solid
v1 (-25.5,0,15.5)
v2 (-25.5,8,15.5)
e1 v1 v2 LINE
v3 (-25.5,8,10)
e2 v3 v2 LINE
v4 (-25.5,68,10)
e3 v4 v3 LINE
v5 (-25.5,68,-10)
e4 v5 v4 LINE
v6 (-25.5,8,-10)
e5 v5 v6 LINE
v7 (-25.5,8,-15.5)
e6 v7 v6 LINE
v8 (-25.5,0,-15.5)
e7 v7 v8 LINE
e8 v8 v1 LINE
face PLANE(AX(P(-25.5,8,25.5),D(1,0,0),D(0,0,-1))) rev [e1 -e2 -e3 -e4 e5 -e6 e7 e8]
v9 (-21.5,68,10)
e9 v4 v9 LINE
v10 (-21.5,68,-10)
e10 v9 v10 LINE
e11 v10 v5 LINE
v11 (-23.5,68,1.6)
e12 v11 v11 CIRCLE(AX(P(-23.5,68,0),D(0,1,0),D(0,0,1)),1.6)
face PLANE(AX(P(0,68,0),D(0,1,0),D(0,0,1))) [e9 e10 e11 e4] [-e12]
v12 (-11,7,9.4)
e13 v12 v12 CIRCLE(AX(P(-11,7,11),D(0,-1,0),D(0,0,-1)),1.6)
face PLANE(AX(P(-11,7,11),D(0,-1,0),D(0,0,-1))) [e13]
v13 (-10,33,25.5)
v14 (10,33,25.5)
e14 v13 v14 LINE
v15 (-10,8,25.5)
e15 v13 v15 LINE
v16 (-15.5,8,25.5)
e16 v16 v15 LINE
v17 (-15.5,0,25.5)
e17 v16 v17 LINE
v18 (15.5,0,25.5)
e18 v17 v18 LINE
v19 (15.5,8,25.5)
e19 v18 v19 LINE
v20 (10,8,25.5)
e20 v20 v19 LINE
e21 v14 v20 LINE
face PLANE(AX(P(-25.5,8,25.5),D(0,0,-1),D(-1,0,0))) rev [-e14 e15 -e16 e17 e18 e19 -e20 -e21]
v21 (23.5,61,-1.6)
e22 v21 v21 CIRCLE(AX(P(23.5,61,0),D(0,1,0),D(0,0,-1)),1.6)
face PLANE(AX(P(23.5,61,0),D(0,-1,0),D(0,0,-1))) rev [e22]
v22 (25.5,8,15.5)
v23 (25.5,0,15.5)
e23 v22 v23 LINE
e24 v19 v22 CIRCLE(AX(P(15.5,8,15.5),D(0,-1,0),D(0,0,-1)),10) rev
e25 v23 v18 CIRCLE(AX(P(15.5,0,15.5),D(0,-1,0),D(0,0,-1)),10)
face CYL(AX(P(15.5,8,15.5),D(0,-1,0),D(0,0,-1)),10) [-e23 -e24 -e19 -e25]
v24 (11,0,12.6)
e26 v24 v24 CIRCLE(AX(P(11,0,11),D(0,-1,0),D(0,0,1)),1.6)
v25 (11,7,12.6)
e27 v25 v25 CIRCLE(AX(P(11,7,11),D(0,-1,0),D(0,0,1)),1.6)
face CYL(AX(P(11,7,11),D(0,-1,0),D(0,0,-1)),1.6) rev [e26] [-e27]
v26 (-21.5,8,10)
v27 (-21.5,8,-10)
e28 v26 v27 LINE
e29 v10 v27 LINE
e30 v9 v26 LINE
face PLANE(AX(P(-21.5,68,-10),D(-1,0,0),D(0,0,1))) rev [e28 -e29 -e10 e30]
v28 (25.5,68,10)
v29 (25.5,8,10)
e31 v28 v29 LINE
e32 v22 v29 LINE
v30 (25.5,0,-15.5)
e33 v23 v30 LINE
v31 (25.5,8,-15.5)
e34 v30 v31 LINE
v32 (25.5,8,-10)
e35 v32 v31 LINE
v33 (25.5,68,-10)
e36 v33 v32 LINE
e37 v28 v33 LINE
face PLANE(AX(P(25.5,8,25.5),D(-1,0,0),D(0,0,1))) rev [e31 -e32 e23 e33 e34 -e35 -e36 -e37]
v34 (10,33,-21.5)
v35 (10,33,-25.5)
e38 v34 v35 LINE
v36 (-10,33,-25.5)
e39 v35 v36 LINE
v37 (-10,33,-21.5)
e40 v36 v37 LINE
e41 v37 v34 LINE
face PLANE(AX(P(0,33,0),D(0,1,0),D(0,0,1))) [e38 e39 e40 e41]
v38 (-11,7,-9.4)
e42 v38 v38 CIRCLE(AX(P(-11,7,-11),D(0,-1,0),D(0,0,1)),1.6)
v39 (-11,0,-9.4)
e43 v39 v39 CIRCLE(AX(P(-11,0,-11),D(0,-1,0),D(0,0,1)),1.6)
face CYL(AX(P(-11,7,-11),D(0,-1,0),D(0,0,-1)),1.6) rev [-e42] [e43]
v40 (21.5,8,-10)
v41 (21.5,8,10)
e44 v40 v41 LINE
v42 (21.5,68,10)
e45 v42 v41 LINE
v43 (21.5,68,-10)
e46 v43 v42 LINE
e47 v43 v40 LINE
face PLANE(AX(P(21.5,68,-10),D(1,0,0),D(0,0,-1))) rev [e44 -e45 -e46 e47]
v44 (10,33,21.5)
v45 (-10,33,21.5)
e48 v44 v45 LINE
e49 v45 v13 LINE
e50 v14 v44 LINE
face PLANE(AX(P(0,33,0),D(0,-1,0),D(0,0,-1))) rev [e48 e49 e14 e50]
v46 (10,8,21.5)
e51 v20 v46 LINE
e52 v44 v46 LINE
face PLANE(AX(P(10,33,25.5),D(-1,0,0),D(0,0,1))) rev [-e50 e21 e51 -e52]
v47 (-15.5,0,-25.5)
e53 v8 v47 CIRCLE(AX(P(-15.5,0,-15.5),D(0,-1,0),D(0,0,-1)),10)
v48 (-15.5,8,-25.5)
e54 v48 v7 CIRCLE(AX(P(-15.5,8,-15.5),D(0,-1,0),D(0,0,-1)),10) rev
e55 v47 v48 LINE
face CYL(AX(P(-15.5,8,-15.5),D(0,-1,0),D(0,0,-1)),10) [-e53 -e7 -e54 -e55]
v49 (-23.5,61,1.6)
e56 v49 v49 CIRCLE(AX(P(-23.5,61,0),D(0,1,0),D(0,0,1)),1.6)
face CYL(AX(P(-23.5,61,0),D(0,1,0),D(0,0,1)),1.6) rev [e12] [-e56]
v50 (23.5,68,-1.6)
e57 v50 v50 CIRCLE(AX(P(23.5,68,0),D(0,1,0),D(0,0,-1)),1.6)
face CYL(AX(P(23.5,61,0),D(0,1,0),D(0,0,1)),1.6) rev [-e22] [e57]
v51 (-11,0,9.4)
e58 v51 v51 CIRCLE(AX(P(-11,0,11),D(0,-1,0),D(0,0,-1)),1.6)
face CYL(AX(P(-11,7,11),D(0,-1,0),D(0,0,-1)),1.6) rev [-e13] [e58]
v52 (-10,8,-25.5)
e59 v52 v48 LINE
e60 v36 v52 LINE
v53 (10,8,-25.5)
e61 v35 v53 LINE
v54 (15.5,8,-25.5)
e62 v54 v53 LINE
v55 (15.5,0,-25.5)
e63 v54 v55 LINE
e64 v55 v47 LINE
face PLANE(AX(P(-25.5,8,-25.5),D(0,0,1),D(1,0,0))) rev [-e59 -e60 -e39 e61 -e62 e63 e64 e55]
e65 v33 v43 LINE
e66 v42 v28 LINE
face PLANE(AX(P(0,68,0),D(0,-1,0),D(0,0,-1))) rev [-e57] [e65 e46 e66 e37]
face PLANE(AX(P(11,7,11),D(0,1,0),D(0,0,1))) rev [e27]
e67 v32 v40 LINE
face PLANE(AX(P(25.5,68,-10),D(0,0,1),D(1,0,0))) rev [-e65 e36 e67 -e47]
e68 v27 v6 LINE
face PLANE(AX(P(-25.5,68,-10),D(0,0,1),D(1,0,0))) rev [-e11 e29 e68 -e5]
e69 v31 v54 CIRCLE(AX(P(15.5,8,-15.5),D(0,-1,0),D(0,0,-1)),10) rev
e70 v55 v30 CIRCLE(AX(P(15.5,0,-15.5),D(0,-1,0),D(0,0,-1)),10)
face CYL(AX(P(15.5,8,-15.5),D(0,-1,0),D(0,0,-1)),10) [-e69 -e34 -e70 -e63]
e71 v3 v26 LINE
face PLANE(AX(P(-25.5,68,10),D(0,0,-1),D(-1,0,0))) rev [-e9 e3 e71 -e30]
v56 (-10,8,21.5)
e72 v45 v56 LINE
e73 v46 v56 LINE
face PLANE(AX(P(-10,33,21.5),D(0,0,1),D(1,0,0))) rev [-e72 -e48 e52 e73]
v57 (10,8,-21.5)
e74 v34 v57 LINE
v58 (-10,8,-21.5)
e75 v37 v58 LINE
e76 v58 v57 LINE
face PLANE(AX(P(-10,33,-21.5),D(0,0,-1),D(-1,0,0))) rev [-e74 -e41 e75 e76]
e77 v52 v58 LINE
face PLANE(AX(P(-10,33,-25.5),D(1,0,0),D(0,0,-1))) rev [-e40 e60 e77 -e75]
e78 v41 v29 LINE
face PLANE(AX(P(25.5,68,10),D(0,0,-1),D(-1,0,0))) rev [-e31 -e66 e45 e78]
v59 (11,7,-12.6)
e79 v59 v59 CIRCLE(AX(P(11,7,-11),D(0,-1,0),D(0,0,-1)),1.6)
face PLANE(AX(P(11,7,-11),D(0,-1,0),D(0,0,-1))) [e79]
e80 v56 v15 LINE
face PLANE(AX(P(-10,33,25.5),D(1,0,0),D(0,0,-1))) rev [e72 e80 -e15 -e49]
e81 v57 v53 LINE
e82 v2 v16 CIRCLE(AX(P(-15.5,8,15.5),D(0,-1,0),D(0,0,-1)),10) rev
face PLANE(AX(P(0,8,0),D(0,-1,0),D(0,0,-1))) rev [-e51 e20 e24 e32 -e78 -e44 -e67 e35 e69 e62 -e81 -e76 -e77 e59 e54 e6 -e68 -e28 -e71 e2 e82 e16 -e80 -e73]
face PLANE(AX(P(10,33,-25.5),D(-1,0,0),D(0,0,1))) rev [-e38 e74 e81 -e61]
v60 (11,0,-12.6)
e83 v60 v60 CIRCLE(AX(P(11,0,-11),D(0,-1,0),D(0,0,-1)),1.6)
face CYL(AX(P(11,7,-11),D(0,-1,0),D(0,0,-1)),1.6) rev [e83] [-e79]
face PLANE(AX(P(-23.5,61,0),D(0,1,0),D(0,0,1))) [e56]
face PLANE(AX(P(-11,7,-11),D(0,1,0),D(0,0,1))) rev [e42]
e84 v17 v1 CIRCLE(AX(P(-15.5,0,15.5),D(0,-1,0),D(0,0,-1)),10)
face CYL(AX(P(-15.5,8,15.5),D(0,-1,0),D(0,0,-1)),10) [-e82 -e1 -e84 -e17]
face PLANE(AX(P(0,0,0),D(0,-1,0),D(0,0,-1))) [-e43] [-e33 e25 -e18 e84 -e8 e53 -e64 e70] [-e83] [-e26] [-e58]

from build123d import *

# Parameters (mm, degrees)
ESBO_O1_W                = 51
ESBO_O1_H                = 51
RESSALTO_EXTRUS_O1_DEPTH = 8
ESBO_O2_W                = 4
ESBO_O2_H                = 20
RESSALTO_EXTRUS_O2_DEPTH = 60
ESBO_O3_R                = 1.6
CORTE_EXTRUS_O1_DEPTH    = 7
ESBO_O4_W                = 20
ESBO_O4_H                = 4
RESSALTO_EXTRUS_O3_DEPTH = 25
ESBO_O5_R                = 1.6
CORTE_EXTRUS_O2_DEPTH    = 7
FILETE2_R                = 10


with BuildPart() as part:
    # Esboço1 → Ressalto-extrusão1 (new body)
    with BuildSketch(Plane(origin=(0, 0, 0), x_dir=(1, 0, 0), z_dir=(0, 1, 0))):
        Rectangle(ESBO_O1_W, ESBO_O1_H)
    extrude(amount=RESSALTO_EXTRUS_O1_DEPTH)

    # Esboço2 → Ressalto-extrusão2 (add)
    with BuildSketch(Plane(origin=(0, 8, 0), x_dir=(1, 0, 0), z_dir=(0, 1, 0))):
        with Locations((-23.5, 0)):
            Rectangle(ESBO_O2_W, ESBO_O2_H)
        with Locations((23.5, 0)):
            Rectangle(ESBO_O2_W, ESBO_O2_H)
    extrude(amount=RESSALTO_EXTRUS_O2_DEPTH)

    # Esboço3 → Corte-extrusão1 (cut)
    with BuildSketch(Plane(origin=(0, 68, 0), x_dir=(1, 0, 0), z_dir=(0, 1, 0))):
        with Locations(Location((-23.5, 0, 0), (0, 0, 270))):
            Circle(ESBO_O3_R)
        with Locations(Location((23.5, 0, 0), (0, 0, 90))):
            Circle(ESBO_O3_R)
    extrude(amount=-CORTE_EXTRUS_O1_DEPTH, mode=Mode.SUBTRACT)

    # Esboço4 → Ressalto-extrusão3 (add)
    with BuildSketch(Plane(origin=(0, 8, 0), x_dir=(1, 0, 0), z_dir=(0, 1, 0))):
        with Locations((0, 23.5)):
            Rectangle(ESBO_O4_W, ESBO_O4_H)
        with Locations((0, -23.5)):
            Rectangle(ESBO_O4_W, ESBO_O4_H)
    extrude(amount=RESSALTO_EXTRUS_O3_DEPTH)

    # Esboço5 → Corte-extrusão2 (cut)
    with BuildSketch(Plane.XZ):
        with Locations(Location((-11, 11, 0), (0, 0, 270))):
            Circle(ESBO_O5_R)
        with Locations(Location((11, 11, 0), (0, 0, 90))):
            Circle(ESBO_O5_R)
        with Locations(Location((11, -11, 0), (0, 0, 270))):
            Circle(ESBO_O5_R)
        with Locations(Location((-11, -11, 0), (0, 0, 90))):
            Circle(ESBO_O5_R)
    extrude(amount=-CORTE_EXTRUS_O2_DEPTH, mode=Mode.SUBTRACT)

    # Filete2
    filete2_edges = [part.edges().sort_by_distance(p)[0] for p in [
        (25.5, 4, 25.5),
        (-25.5, 4, 25.5),
        (-25.5, 4, -25.5),
        (25.5, 4, -25.5),
    ]]
    fillet(filete2_edges, radius=FILETE2_R)


solid = part.part
